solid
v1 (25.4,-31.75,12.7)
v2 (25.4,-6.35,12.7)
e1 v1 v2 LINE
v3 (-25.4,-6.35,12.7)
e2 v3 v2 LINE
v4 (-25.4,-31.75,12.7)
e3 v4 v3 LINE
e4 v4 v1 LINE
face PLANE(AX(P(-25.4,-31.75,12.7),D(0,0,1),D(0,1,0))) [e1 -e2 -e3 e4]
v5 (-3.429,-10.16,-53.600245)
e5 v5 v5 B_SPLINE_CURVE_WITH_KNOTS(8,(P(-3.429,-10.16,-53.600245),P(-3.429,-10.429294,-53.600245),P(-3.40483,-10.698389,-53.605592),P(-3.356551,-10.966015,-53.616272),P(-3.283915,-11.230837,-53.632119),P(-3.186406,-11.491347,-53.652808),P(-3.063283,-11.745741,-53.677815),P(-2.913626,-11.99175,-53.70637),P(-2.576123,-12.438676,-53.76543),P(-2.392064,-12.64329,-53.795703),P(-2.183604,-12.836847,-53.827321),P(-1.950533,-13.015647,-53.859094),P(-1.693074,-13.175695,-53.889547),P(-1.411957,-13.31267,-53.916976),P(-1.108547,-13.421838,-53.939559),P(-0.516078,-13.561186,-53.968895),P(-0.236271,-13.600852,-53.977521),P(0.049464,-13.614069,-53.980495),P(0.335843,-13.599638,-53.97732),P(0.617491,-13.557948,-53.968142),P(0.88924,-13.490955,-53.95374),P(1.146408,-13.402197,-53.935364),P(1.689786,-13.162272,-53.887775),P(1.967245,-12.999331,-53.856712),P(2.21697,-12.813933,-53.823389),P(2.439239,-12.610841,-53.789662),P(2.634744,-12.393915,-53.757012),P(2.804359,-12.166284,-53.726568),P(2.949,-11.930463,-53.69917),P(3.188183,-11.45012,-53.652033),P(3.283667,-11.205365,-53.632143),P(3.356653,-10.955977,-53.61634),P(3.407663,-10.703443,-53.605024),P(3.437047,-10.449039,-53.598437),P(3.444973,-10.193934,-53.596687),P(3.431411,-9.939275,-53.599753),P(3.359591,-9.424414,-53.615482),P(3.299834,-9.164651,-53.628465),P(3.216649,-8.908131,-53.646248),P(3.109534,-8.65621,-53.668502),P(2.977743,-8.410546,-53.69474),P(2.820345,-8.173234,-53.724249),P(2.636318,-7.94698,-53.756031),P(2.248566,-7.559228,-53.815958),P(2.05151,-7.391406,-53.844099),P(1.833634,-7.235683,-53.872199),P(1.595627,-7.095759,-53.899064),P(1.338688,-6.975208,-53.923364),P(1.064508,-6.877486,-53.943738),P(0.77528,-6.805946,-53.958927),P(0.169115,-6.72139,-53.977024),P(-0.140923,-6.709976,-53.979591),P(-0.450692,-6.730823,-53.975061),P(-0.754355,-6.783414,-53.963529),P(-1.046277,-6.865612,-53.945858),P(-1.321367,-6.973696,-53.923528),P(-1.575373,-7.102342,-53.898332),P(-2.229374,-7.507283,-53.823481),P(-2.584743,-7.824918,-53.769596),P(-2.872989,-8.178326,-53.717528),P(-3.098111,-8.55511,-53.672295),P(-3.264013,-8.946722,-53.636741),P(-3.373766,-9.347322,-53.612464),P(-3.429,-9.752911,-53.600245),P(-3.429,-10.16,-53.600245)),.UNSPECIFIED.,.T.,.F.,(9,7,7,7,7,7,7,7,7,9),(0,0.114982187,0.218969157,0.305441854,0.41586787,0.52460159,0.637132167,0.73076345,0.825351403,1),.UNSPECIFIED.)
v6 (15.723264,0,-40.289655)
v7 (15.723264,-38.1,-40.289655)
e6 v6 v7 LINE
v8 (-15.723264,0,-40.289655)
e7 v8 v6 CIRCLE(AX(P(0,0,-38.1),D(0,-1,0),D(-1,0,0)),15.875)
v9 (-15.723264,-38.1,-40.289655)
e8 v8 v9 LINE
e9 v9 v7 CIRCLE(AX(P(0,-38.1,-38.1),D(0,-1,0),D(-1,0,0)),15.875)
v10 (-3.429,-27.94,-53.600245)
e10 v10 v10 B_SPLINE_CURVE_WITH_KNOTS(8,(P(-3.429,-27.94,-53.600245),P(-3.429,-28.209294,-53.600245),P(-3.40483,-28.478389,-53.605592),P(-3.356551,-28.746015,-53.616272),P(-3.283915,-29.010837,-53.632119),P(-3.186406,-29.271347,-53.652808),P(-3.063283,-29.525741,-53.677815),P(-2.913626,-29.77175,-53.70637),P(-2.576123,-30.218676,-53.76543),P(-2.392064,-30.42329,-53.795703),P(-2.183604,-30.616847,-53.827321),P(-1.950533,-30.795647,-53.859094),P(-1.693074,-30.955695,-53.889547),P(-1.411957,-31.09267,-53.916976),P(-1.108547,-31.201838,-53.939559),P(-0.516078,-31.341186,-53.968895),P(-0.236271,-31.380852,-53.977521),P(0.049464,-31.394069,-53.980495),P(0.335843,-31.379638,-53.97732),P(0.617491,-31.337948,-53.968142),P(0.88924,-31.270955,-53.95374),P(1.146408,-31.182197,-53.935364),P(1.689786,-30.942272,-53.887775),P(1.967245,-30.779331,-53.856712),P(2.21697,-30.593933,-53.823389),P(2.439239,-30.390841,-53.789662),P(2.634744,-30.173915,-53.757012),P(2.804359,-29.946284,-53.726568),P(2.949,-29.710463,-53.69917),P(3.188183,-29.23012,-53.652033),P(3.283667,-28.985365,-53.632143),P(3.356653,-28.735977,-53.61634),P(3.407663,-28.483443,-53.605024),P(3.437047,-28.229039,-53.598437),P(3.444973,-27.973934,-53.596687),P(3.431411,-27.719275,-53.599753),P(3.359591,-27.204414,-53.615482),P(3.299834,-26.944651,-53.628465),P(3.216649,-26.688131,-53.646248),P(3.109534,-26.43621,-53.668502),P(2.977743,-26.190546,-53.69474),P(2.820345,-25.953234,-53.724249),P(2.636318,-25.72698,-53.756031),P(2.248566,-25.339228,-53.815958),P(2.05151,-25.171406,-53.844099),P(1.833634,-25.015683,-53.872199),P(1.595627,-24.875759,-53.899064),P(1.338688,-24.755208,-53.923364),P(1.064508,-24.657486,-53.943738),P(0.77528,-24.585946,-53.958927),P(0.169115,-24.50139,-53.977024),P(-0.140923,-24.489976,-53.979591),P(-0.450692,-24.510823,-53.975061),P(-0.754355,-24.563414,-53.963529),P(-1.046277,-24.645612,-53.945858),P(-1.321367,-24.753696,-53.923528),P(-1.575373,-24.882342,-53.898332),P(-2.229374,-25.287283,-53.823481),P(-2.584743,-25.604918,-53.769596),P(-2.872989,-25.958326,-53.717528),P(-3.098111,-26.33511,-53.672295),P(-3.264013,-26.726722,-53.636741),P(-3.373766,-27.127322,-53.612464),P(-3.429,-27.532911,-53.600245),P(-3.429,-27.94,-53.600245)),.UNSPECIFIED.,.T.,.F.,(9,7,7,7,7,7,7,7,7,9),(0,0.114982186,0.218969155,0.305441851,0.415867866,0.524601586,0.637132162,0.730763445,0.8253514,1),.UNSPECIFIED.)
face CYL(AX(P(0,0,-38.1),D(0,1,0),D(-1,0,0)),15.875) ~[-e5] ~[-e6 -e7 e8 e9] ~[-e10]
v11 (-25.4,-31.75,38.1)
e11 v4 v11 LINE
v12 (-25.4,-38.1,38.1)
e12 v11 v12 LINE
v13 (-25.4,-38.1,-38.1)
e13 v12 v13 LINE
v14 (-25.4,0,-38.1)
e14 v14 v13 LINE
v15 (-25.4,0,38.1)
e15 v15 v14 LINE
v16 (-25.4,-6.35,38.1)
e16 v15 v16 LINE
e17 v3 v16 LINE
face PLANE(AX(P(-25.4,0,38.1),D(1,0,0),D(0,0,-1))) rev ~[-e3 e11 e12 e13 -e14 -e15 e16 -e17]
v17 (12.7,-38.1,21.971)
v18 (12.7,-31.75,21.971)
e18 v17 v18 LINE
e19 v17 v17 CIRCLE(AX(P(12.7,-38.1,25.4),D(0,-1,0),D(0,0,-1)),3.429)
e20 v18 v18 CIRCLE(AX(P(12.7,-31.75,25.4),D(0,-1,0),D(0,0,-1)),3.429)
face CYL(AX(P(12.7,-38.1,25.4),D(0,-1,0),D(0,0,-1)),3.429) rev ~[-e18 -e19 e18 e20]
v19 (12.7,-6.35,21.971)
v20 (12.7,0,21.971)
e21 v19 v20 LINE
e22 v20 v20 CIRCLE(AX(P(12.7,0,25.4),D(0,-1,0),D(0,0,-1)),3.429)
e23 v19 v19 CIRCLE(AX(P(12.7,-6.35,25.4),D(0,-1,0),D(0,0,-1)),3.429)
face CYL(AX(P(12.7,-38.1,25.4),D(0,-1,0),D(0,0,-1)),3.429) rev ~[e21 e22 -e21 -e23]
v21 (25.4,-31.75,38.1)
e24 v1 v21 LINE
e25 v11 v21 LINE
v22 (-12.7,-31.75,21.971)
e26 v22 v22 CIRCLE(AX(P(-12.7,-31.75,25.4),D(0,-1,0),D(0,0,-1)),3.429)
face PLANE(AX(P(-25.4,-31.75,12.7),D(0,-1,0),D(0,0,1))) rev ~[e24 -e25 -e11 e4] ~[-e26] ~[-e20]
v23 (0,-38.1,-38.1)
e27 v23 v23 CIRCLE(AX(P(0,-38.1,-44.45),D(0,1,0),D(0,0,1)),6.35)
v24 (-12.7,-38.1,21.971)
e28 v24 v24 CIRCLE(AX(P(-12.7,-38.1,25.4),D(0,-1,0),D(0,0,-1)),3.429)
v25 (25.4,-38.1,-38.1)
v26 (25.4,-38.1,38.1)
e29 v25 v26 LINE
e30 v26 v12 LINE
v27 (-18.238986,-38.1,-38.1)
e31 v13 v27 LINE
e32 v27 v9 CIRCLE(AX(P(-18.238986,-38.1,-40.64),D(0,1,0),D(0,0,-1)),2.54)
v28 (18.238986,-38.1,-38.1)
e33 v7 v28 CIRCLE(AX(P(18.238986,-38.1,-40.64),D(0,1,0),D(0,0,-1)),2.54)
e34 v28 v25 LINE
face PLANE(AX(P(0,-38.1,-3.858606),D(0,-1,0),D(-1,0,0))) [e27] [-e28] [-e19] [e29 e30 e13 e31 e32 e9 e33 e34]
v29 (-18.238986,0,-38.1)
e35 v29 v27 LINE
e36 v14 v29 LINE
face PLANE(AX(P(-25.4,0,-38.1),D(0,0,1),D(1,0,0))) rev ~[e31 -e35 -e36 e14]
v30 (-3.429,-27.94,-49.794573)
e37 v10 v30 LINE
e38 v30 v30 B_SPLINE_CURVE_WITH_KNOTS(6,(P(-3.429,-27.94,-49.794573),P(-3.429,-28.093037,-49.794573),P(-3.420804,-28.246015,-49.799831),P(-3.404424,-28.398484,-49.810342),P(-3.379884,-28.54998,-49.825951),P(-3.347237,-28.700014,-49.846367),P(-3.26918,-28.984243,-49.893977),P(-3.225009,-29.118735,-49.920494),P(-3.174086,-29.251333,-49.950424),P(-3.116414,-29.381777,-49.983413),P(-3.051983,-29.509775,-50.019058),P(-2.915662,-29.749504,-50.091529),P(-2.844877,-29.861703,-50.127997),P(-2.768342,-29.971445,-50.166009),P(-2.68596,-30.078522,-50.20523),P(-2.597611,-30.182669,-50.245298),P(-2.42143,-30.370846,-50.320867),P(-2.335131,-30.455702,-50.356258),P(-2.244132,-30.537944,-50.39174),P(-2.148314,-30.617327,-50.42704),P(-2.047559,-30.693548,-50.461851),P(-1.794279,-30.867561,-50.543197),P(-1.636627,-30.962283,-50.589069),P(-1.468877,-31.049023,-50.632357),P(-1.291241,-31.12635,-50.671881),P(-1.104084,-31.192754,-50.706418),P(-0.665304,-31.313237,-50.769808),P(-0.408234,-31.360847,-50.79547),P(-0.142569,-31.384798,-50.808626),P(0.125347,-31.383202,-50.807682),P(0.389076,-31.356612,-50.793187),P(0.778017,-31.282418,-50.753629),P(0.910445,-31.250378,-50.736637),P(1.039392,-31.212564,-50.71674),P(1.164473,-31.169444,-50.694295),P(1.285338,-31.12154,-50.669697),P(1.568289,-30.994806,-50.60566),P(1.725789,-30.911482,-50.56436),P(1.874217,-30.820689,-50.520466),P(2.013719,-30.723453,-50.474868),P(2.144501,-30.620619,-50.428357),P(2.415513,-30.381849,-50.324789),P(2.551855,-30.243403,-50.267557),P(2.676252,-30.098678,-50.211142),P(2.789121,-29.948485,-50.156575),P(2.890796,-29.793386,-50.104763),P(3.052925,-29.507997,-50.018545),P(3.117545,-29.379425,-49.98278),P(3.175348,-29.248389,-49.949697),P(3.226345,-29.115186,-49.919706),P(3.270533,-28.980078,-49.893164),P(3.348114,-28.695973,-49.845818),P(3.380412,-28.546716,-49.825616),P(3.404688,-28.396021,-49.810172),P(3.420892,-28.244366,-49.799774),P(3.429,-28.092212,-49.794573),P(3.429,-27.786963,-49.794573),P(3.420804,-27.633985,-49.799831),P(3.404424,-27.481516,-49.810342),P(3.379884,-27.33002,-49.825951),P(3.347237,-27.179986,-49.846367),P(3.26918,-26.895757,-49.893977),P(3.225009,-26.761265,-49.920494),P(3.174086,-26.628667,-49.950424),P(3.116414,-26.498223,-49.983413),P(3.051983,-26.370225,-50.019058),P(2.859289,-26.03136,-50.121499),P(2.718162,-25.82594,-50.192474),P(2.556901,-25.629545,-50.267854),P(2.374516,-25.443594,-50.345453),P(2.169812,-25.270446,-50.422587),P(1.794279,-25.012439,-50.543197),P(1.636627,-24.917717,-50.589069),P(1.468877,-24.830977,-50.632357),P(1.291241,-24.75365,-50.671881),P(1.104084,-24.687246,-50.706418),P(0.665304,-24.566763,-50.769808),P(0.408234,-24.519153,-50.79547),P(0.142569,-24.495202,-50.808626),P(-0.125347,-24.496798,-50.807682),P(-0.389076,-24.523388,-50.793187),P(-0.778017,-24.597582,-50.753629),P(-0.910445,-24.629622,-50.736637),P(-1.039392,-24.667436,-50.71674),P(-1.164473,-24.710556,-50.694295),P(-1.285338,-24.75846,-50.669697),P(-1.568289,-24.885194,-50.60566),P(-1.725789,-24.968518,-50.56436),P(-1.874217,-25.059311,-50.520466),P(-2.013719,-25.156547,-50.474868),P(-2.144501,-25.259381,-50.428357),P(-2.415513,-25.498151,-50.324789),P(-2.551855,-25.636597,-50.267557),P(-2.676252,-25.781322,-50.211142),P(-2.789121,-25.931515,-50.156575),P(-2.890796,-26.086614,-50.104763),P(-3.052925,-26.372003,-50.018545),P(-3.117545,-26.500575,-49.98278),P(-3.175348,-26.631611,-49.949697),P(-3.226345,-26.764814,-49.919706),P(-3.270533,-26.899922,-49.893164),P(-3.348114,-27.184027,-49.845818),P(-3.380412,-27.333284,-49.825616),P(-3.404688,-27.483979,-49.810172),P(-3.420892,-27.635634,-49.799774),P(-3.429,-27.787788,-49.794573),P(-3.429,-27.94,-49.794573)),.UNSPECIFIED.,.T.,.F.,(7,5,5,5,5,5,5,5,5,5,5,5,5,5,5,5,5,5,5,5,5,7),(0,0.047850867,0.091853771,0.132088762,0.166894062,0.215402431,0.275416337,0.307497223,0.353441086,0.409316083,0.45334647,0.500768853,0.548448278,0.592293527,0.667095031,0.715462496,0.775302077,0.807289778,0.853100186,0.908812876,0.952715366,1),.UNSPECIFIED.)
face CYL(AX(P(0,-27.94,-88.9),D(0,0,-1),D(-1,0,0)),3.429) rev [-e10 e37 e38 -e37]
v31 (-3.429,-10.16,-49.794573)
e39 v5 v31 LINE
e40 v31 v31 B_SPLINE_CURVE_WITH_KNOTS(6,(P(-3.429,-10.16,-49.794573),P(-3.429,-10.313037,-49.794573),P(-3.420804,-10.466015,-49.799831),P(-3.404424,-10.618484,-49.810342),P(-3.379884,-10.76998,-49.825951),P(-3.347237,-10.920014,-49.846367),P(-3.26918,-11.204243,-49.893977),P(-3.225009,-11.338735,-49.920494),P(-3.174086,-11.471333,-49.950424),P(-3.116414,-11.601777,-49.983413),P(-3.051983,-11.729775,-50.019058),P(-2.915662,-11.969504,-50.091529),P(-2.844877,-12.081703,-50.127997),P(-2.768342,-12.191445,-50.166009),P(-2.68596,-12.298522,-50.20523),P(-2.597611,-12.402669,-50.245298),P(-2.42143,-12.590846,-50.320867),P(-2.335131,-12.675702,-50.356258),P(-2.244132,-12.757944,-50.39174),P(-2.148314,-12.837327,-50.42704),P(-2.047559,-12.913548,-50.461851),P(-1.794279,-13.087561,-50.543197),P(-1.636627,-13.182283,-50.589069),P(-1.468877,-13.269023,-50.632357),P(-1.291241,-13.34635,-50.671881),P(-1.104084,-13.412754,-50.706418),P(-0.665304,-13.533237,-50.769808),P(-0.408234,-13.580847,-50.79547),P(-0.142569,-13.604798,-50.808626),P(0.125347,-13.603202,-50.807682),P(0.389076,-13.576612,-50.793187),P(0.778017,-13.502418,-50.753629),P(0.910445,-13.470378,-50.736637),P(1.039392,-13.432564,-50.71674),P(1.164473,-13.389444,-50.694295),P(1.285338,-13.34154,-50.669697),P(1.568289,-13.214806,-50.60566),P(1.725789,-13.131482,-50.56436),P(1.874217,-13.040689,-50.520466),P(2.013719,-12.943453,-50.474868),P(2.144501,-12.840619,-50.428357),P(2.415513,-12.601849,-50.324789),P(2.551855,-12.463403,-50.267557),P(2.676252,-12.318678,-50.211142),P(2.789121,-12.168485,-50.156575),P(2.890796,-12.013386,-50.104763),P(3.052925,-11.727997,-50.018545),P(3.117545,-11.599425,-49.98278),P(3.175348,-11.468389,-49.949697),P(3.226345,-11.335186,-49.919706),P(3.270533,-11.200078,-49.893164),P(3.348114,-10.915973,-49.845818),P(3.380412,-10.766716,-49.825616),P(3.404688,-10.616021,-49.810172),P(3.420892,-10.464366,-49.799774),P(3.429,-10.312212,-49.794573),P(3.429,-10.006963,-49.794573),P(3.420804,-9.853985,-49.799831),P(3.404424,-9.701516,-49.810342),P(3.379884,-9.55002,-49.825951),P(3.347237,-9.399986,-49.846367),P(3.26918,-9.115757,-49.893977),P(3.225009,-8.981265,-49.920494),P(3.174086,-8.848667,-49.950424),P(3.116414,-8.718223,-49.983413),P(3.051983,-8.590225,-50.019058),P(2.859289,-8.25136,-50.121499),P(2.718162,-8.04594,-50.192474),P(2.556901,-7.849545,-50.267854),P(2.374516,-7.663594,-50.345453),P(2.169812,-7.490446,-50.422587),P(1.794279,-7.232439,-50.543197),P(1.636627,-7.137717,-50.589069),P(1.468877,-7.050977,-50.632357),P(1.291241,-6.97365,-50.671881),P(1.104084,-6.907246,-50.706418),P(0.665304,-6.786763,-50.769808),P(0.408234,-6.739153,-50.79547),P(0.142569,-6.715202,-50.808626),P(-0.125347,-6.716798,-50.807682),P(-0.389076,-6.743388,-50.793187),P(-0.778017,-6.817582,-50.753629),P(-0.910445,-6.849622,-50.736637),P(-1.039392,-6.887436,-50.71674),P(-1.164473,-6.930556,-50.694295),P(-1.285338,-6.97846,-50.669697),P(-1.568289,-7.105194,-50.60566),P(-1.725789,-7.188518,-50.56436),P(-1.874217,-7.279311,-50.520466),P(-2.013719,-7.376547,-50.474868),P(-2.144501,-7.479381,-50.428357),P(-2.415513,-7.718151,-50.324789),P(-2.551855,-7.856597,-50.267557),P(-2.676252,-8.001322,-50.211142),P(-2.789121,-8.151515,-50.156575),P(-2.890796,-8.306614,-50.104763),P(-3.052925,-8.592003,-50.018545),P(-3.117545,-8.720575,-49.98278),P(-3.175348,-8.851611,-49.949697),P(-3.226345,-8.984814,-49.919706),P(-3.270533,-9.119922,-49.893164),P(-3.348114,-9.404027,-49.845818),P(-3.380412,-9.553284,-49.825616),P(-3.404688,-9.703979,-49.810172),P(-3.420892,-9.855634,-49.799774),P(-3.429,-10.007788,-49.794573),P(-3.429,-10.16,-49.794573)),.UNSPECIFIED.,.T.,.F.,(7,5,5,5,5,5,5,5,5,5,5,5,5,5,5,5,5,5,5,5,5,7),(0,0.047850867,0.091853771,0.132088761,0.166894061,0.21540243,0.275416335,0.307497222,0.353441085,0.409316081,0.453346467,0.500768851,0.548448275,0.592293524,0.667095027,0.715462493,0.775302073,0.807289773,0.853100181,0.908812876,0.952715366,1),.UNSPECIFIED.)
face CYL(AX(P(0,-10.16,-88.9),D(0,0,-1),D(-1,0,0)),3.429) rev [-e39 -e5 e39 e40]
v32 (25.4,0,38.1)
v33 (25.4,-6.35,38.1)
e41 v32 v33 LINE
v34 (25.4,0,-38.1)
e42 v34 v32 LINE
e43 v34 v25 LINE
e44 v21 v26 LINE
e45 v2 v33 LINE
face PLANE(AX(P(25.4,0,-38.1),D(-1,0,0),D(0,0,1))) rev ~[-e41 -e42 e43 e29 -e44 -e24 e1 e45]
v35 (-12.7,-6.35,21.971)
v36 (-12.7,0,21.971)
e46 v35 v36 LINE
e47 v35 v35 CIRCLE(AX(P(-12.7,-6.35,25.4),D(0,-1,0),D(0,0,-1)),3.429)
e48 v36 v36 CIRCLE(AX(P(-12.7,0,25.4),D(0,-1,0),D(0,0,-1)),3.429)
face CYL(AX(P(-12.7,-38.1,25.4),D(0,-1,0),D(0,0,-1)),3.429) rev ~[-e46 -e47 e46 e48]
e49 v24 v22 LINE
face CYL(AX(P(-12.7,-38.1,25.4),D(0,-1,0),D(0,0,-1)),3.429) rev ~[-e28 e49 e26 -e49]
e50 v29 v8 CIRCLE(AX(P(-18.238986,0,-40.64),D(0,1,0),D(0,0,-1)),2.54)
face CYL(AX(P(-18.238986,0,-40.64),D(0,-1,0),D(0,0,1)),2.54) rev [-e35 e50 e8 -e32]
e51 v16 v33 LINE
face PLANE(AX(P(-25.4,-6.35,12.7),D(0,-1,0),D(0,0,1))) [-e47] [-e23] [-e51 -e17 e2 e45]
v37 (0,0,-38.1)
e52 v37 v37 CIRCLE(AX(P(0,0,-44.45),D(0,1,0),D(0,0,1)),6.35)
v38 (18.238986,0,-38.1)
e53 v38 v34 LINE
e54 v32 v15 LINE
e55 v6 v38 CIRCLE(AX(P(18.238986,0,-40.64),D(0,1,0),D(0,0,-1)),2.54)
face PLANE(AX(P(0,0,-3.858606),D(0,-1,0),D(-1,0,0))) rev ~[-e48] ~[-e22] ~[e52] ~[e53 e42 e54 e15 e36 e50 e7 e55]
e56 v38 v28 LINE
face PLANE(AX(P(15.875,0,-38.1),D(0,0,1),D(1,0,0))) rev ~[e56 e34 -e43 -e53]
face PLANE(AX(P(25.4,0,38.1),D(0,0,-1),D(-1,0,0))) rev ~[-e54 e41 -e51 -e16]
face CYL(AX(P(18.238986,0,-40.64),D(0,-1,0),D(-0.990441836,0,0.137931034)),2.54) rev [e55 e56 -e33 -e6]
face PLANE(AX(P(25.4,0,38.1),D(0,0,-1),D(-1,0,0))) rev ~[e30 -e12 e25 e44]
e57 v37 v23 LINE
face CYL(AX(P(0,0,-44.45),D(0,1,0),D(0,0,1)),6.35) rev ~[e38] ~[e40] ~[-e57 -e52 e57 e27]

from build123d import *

# Parameters (mm, degrees)
SKETCH1_R           = 6.35
BOSS_EXTRUDE1_DEPTH = 38.1
SKETCH6_W           = 25.4
SKETCH6_H           = 25.4
CUT_EXTRUDE3_DEPTH  = 50.8
SKETCH7_R           = 3.429
CUT_EXTRUDE4_DEPTH  = 71.781852371
FILLET1_R           = 2.54
SKETCH10_R          = 3.429
CUT_EXTRUDE5_DEPTH  = 47.752


with BuildPart() as part:
    # Sketch1 → Boss-Extrude1 (new body)
    with BuildSketch(Plane(origin=(0, 0, 0), x_dir=(1, 0, 0), z_dir=(0, 1, 0))):
        with BuildLine():
            Line((-25.4, 38.1), (-15.875, 38.1))
            ThreePointArc((-15.875, 38.1), (0, 53.975), (15.875, 38.1))
            Line((15.875, 38.1), (25.4, 38.1))
            Line((25.4, 38.1), (25.4, -38.1))
            Line((25.4, -38.1), (-25.4, -38.1))
            Line((-25.4, -38.1), (-25.4, 38.1))
        make_face()
        with Locations(Location((0, 44.45, 0), (0, 0, 270))):
            Circle(SKETCH1_R, mode=Mode.SUBTRACT)
    extrude(amount=-BOSS_EXTRUDE1_DEPTH)

    # Sketch6 → Cut-Extrude3 (cut)
    with BuildSketch(Plane.ZY.offset(25.4)):
        with Locations((25.4, -19.05)):
            Rectangle(SKETCH6_W, SKETCH6_H)
    extrude(amount=-CUT_EXTRUDE3_DEPTH, mode=Mode.SUBTRACT)

    # Sketch7 → Cut-Extrude4 (cut, through all)
    with BuildSketch(Plane(origin=(0, -38.1, 0), x_dir=(-1, 0, 0), z_dir=(0, -1, 0))):
        with Locations(Location((12.7, -25.4, 0), (0, 0, 90))):
            Circle(SKETCH7_R)
        with Locations(Location((-12.7, -25.4, 0), (0, 0, 90))):
            Circle(SKETCH7_R)
    extrude(amount=-CUT_EXTRUDE4_DEPTH, mode=Mode.SUBTRACT)

    # Fillet1
    fillet1_edges = [part.edges().sort_by_distance(p)[0] for p in [
        (-15.875, -19.05, -38.1),
        (15.875, -19.05, -38.1),
    ]]
    fillet(fillet1_edges, radius=FILLET1_R)

    # Sketch10 → Cut-Extrude5 (cut)
    with BuildSketch(Plane.XY.offset(-88.9)):
        with Locations(Location((0, -27.94, 0), (0, 0, 180))):
            Circle(SKETCH10_R)
        with Locations(Location((0, -10.16, 0), (0, 0, 180))):
            Circle(SKETCH10_R)
    extrude(amount=CUT_EXTRUDE5_DEPTH, mode=Mode.SUBTRACT)


solid = part.part
